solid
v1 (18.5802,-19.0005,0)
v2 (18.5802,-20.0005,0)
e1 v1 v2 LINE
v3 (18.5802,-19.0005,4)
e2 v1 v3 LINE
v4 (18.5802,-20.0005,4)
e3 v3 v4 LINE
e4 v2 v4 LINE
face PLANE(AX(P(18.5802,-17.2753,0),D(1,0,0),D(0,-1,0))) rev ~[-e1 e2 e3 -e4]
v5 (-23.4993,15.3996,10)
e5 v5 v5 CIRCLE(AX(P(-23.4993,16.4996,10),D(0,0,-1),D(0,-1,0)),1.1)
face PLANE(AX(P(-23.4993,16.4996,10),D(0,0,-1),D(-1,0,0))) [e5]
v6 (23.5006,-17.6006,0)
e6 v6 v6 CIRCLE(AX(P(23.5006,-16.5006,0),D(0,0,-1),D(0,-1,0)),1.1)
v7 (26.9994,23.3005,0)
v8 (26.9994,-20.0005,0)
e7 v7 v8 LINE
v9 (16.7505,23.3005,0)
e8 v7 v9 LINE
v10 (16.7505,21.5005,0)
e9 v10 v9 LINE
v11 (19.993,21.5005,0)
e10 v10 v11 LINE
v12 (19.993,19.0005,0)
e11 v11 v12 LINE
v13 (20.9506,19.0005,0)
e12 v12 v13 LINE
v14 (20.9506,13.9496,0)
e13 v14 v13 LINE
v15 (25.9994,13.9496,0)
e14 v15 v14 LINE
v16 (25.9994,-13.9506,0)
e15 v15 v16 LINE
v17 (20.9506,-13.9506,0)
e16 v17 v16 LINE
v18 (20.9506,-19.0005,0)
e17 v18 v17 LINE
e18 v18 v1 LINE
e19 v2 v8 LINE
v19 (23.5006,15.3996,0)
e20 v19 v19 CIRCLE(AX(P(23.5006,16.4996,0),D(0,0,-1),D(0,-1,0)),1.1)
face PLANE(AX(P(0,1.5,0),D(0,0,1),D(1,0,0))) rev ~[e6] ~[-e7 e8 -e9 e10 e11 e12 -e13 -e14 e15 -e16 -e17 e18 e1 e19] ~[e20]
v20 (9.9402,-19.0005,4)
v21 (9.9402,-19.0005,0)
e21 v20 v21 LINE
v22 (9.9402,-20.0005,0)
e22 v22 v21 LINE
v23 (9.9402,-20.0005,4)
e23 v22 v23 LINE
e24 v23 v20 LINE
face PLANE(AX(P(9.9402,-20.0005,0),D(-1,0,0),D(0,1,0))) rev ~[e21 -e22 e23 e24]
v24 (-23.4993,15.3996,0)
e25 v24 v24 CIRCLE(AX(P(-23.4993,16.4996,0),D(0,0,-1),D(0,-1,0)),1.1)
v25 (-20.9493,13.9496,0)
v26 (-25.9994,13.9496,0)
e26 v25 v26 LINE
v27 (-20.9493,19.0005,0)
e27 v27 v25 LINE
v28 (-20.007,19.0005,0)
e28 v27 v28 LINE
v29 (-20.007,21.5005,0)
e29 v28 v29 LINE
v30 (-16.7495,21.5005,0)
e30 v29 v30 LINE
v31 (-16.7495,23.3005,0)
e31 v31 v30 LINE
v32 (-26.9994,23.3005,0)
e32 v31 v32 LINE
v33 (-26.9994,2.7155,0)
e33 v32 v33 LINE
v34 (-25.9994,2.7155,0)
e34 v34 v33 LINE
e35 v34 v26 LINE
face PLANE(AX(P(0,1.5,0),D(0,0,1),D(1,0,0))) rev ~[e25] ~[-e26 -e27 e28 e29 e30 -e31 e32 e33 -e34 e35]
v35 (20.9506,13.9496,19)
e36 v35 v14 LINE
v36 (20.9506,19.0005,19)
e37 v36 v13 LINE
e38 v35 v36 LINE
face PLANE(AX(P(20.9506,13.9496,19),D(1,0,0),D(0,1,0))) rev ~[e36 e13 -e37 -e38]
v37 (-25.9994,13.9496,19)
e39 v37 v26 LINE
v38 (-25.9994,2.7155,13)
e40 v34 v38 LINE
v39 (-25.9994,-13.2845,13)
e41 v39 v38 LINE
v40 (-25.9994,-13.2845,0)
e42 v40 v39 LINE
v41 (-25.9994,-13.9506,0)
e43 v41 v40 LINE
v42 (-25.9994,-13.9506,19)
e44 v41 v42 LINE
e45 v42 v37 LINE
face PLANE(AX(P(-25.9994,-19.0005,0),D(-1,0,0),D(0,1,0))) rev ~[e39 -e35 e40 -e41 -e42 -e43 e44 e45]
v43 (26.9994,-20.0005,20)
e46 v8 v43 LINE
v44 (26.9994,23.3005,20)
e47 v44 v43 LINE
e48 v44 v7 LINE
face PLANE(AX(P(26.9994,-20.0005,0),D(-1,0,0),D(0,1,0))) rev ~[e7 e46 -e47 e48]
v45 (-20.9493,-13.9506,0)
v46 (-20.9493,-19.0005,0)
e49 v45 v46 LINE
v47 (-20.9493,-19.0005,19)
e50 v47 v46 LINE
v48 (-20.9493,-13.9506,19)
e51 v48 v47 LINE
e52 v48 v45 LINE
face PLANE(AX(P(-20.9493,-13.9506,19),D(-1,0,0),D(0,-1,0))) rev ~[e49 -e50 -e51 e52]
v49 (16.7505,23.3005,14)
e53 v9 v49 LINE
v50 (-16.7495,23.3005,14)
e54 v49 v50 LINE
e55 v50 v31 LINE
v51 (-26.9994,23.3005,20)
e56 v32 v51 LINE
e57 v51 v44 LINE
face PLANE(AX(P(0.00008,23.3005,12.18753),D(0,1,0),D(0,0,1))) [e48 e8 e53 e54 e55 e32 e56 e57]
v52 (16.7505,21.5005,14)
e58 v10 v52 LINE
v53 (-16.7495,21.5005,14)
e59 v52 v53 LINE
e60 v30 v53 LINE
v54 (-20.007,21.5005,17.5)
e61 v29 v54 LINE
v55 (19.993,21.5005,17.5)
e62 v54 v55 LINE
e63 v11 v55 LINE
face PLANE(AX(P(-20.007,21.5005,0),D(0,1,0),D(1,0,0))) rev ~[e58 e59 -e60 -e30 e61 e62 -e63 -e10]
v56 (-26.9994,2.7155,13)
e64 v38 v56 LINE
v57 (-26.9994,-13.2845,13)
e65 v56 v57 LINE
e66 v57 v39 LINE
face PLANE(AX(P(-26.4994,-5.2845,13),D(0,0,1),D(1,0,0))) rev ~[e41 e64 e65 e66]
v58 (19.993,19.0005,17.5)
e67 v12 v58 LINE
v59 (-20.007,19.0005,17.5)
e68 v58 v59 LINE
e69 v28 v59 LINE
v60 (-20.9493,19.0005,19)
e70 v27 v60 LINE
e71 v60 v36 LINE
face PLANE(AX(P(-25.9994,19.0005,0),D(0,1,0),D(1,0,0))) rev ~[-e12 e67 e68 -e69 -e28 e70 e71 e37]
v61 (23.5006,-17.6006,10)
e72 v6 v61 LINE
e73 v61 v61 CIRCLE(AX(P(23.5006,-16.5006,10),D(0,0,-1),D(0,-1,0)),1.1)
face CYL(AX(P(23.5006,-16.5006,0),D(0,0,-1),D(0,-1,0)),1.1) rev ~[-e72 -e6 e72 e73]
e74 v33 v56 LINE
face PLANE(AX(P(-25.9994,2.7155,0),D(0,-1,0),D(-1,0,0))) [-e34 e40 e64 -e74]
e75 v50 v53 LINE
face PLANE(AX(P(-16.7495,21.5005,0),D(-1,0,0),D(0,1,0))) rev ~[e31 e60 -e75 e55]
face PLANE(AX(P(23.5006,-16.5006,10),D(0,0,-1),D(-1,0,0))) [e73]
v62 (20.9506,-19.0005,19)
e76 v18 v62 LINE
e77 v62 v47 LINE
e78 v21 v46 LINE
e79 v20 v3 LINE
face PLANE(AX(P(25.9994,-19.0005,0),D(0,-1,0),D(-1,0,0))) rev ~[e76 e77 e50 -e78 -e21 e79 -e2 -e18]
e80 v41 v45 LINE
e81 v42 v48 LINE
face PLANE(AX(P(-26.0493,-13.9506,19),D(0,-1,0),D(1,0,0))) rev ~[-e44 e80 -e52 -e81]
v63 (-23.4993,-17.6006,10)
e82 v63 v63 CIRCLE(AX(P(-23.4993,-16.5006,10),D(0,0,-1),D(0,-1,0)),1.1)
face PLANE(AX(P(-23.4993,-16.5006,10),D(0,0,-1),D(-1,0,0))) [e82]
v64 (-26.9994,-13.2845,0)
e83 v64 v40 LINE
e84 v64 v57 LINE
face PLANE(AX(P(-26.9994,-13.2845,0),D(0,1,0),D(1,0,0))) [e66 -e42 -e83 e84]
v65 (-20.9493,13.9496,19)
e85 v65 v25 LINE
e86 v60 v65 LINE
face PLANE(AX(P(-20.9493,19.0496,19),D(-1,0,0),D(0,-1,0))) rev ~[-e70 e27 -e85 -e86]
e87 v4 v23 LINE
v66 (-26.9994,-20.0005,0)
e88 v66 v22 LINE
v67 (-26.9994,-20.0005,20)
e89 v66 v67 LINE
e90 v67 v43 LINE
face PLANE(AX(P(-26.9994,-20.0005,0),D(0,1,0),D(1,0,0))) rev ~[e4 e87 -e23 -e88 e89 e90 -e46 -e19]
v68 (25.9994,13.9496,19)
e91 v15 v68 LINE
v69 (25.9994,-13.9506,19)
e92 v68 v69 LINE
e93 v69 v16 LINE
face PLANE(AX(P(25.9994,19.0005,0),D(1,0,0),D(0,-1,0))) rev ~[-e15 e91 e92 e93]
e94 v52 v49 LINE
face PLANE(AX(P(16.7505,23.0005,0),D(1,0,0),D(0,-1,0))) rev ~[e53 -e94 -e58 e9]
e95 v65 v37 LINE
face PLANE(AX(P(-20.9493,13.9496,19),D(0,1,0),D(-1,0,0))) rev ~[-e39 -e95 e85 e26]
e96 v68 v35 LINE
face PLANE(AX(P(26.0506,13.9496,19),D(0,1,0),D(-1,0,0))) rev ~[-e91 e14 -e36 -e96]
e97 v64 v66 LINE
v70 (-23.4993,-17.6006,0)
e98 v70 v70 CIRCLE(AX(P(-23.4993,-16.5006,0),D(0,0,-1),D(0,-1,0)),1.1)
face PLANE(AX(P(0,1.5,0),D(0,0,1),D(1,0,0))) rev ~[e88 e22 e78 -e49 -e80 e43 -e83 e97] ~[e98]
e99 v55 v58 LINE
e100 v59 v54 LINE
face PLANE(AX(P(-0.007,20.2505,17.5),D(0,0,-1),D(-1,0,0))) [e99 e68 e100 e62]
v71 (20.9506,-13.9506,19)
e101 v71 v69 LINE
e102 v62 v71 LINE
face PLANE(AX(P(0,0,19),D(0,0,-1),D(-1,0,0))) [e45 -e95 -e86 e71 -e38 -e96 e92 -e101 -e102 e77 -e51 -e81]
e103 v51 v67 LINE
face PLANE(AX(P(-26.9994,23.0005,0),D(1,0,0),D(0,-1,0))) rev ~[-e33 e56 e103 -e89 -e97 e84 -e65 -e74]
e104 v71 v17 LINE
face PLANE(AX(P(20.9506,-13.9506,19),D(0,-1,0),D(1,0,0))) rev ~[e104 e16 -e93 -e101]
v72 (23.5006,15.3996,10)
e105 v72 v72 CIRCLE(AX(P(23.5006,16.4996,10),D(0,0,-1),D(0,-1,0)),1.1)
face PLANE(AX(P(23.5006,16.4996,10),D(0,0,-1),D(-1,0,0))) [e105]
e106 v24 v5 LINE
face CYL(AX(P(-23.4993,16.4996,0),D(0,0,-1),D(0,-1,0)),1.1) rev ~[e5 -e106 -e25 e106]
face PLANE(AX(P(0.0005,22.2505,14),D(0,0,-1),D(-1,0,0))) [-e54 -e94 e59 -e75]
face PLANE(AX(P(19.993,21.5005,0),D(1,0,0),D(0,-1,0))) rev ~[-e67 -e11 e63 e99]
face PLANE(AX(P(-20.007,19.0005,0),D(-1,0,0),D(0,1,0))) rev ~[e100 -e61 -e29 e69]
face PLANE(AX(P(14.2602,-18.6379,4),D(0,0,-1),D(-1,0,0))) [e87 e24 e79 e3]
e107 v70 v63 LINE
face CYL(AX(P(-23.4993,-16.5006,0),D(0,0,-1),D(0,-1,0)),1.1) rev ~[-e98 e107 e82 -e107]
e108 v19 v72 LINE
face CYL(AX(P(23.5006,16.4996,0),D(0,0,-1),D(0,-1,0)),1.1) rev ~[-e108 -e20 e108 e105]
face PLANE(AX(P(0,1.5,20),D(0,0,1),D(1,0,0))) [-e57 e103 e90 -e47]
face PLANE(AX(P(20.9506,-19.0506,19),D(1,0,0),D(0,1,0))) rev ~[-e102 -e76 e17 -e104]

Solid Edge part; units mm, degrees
extrude "Protrusion1" [suppressed]
extrude "Extrusionsausschnitt_1" [suppressed]
extrude "Extrusionsausprägung_2" [suppressed]
extrude "Protrusion2" [suppressed]
extrude "Extrusionsausprägung_4" [suppressed]
extrude "Extrusionsausschnitt_2" [suppressed]
extrude "Extrusionsausschnitt_3" [suppressed]
extrude "Extrusionsausschnitt_4" [suppressed]
sketch "Sketch1" plane through (0, 1.5, 0) normal (0, 0, 1) x (0, 1, 0)
  line L0 (-21.5005, 26.9994) -> (-21.5005, -26.9994)
  line L1 (-21.5005, -26.9994) -> (21.5005, -26.9994)
  line L2 (21.5005, -26.9994) -> (21.5005, 26.9994)
  line L3 (21.5005, 26.9994) -> (-21.5005, 26.9994)
extrude "Protrusion3" add sketch "Sketch1" along normal blind 20
sketch "Sketch2" plane through (0, 1.5, 0) normal (0, 0, -1) x (0, 1, 0)
  line L0 (-20.5005, -25.9994) -> (17.5005, -25.9994)
  line L1 (17.5005, -25.9994) -> (17.5005, 25.9994)
  line L2 (17.5005, 25.9994) -> (-20.5005, 25.9994)
  line L3 (-20.5005, 25.9994) -> (-20.5005, -25.9994)
extrude "Extrusionsausschnitt_5" cut sketch "Sketch2" against normal blind 19
sketch "Sketch3" plane through (0, 1.5, 0) normal (0, 0, -1) x (-1, 0, 0)
  line L0 (-19.993, 17.5005) -> (20.007, 17.5005)
  line L1 (20.007, 17.5005) -> (20.007, 20.0005)
  line L2 (20.007, 20.0005) -> (-19.993, 20.0005)
  line L3 (-19.993, 20.0005) -> (-19.993, 17.5005)
  dimension "D1" = 20.007
  dimension "D2" = 20.007
extrude "Extrusionsausschnitt_6" cut sketch "Sketch3" against normal blind 17.5
sketch "Sketch4" plane through (0, 1.5, 0) normal (0, 0, -1) x (-1, 0, 0)
  line L0 (-16.7505, 20.0005) -> (16.7495, 20.0005)
  line L1 (16.7495, 20.0005) -> (16.7495, 21.5005)
  line L2 (16.7495, 21.5005) -> (-16.7505, 21.5005)
  line L3 (-16.7505, 21.5005) -> (-16.7505, 20.0005)
  dimension "D1" = 16.7495
extrude "Extrusionsausschnitt_7" cut sketch "Sketch4" against normal blind 14
sketch "Sketch5" plane through (0, 1.5, 0) normal (0, 0, -1) x (0, -1, 0)
  line L0 (-1.2155, 26.9994) -> (14.7845, 26.9994)
  line L1 (14.7845, 26.9994) -> (14.7845, 25.9994)
  line L2 (14.7845, 25.9994) -> (-1.2155, 25.9994)
  line L3 (-1.2155, 25.9994) -> (-1.2155, 26.9994)
  dimension "D1" = 1.65
  dimension "D2" = 1.65
extrude "Extrusionsausschnitt_8" cut sketch "Sketch5" against normal blind 13
sketch "Sketch6" plane through (0, 1.5, 0) normal (0, 0, -1) x (0, -1, 0)
  line L0 (18.7753, -18.5802) -> (21.5005, -18.5802)
  line L1 (21.5005, -18.5802) -> (21.5005, -9.9402)
  line L2 (21.5005, -9.9402) -> (18.7753, -9.9402)
  line L3 (18.7753, -9.9402) -> (18.7753, -18.5802)
extrude "Extrusionsausschnitt_9" cut sketch "Sketch6" against normal blind 4
sketch "Sketch7" plane through (0, 0, 19) normal (0, 0, -1) x (0, -1, 0)
  line L0 (-19.0496, 20.9493) -> (-13.9496, 20.9493)
  line L1 (-13.9496, 20.9493) -> (-13.9496, 26.0493)
  line L2 (-13.9496, 26.0493) -> (-19.0496, 26.0493)
  line L3 (-19.0496, 26.0493) -> (-19.0496, 20.9493)
  line L4 (13.9506, 20.9493) -> (19.0506, 20.9493)
  line L5 (19.0506, 20.9493) -> (19.0506, 26.0493)
  line L6 (19.0506, 26.0493) -> (13.9506, 26.0493)
  line L7 (13.9506, 26.0493) -> (13.9506, 20.9493)
  line L8 (13.9506, -26.0506) -> (19.0506, -26.0506)
  line L9 (19.0506, -26.0506) -> (19.0506, -20.9506)
  line L10 (19.0506, -20.9506) -> (13.9506, -20.9506)
  line L11 (13.9506, -20.9506) -> (13.9506, -26.0506)
  line L12 (-19.0496, -26.0506) -> (-13.9496, -26.0506)
  line L13 (-13.9496, -26.0506) -> (-13.9496, -20.9506)
  line L14 (-13.9496, -20.9506) -> (-19.0496, -20.9506)
  line L15 (-19.0496, -20.9506) -> (-19.0496, -26.0506)
extrude "Extrusionsausprägung_6" add sketch "Sketch7" along normal blind 19
sketch "Sketch8" plane through (-23.4744, -16.4755, 0) normal (0, 0, -1) x (0, -1, 0)
  circle A0 centre (0.0251, 0.0249) radius 1.1
  circle A1 centre (0.0251, -46.975) radius 1.1
  circle A2 centre (-32.9751, -46.975) radius 1.1
  circle A3 centre (-32.9751, 0.0249) radius 1.1
  dimension "D1" = 2.2
  dimension "D2" = 2.2
  dimension "D3" = 2.2
extrude "Cutout1" cut sketch "Sketch8" against normal blind 10
sketch "Sketch9" plane through (-21.9995, 12.858, 0) normal (0, 0, -1) x (0, -1, 0)
  line L0 (-9.9425, 10.0509) -> (-9.9425, -54.0498)
  dimension "D1" = 0.2
extrude "Extrusionsausschnitt_11" cut sketch "Sketch9" along normal mid plane 152.9747 material side at (-0.0001, 22.8505, 0)
sketch "Sketch10" plane through (0, 22.8005, 10) normal (0, 1, 0) x (-1, 0, 0)
  line L0 (-26.9994, 10) -> (-26.9994, -10)
  line L1 (-26.9994, -10) -> (-16.7505, -10)
  line L2 (-16.7505, -10) -> (-16.7505, 4)
  line L3 (-16.7505, 4) -> (16.7495, 4)
  line L4 (16.7495, 4) -> (16.7495, -10)
  line L5 (16.7495, -10) -> (26.9994, -10)
  line L6 (26.9994, -10) -> (26.9994, 10)
  line L7 (26.9994, 10) -> (-26.9994, 10)
extrude "Protrusion4" add sketch "Sketch10" along normal blind 0.5
